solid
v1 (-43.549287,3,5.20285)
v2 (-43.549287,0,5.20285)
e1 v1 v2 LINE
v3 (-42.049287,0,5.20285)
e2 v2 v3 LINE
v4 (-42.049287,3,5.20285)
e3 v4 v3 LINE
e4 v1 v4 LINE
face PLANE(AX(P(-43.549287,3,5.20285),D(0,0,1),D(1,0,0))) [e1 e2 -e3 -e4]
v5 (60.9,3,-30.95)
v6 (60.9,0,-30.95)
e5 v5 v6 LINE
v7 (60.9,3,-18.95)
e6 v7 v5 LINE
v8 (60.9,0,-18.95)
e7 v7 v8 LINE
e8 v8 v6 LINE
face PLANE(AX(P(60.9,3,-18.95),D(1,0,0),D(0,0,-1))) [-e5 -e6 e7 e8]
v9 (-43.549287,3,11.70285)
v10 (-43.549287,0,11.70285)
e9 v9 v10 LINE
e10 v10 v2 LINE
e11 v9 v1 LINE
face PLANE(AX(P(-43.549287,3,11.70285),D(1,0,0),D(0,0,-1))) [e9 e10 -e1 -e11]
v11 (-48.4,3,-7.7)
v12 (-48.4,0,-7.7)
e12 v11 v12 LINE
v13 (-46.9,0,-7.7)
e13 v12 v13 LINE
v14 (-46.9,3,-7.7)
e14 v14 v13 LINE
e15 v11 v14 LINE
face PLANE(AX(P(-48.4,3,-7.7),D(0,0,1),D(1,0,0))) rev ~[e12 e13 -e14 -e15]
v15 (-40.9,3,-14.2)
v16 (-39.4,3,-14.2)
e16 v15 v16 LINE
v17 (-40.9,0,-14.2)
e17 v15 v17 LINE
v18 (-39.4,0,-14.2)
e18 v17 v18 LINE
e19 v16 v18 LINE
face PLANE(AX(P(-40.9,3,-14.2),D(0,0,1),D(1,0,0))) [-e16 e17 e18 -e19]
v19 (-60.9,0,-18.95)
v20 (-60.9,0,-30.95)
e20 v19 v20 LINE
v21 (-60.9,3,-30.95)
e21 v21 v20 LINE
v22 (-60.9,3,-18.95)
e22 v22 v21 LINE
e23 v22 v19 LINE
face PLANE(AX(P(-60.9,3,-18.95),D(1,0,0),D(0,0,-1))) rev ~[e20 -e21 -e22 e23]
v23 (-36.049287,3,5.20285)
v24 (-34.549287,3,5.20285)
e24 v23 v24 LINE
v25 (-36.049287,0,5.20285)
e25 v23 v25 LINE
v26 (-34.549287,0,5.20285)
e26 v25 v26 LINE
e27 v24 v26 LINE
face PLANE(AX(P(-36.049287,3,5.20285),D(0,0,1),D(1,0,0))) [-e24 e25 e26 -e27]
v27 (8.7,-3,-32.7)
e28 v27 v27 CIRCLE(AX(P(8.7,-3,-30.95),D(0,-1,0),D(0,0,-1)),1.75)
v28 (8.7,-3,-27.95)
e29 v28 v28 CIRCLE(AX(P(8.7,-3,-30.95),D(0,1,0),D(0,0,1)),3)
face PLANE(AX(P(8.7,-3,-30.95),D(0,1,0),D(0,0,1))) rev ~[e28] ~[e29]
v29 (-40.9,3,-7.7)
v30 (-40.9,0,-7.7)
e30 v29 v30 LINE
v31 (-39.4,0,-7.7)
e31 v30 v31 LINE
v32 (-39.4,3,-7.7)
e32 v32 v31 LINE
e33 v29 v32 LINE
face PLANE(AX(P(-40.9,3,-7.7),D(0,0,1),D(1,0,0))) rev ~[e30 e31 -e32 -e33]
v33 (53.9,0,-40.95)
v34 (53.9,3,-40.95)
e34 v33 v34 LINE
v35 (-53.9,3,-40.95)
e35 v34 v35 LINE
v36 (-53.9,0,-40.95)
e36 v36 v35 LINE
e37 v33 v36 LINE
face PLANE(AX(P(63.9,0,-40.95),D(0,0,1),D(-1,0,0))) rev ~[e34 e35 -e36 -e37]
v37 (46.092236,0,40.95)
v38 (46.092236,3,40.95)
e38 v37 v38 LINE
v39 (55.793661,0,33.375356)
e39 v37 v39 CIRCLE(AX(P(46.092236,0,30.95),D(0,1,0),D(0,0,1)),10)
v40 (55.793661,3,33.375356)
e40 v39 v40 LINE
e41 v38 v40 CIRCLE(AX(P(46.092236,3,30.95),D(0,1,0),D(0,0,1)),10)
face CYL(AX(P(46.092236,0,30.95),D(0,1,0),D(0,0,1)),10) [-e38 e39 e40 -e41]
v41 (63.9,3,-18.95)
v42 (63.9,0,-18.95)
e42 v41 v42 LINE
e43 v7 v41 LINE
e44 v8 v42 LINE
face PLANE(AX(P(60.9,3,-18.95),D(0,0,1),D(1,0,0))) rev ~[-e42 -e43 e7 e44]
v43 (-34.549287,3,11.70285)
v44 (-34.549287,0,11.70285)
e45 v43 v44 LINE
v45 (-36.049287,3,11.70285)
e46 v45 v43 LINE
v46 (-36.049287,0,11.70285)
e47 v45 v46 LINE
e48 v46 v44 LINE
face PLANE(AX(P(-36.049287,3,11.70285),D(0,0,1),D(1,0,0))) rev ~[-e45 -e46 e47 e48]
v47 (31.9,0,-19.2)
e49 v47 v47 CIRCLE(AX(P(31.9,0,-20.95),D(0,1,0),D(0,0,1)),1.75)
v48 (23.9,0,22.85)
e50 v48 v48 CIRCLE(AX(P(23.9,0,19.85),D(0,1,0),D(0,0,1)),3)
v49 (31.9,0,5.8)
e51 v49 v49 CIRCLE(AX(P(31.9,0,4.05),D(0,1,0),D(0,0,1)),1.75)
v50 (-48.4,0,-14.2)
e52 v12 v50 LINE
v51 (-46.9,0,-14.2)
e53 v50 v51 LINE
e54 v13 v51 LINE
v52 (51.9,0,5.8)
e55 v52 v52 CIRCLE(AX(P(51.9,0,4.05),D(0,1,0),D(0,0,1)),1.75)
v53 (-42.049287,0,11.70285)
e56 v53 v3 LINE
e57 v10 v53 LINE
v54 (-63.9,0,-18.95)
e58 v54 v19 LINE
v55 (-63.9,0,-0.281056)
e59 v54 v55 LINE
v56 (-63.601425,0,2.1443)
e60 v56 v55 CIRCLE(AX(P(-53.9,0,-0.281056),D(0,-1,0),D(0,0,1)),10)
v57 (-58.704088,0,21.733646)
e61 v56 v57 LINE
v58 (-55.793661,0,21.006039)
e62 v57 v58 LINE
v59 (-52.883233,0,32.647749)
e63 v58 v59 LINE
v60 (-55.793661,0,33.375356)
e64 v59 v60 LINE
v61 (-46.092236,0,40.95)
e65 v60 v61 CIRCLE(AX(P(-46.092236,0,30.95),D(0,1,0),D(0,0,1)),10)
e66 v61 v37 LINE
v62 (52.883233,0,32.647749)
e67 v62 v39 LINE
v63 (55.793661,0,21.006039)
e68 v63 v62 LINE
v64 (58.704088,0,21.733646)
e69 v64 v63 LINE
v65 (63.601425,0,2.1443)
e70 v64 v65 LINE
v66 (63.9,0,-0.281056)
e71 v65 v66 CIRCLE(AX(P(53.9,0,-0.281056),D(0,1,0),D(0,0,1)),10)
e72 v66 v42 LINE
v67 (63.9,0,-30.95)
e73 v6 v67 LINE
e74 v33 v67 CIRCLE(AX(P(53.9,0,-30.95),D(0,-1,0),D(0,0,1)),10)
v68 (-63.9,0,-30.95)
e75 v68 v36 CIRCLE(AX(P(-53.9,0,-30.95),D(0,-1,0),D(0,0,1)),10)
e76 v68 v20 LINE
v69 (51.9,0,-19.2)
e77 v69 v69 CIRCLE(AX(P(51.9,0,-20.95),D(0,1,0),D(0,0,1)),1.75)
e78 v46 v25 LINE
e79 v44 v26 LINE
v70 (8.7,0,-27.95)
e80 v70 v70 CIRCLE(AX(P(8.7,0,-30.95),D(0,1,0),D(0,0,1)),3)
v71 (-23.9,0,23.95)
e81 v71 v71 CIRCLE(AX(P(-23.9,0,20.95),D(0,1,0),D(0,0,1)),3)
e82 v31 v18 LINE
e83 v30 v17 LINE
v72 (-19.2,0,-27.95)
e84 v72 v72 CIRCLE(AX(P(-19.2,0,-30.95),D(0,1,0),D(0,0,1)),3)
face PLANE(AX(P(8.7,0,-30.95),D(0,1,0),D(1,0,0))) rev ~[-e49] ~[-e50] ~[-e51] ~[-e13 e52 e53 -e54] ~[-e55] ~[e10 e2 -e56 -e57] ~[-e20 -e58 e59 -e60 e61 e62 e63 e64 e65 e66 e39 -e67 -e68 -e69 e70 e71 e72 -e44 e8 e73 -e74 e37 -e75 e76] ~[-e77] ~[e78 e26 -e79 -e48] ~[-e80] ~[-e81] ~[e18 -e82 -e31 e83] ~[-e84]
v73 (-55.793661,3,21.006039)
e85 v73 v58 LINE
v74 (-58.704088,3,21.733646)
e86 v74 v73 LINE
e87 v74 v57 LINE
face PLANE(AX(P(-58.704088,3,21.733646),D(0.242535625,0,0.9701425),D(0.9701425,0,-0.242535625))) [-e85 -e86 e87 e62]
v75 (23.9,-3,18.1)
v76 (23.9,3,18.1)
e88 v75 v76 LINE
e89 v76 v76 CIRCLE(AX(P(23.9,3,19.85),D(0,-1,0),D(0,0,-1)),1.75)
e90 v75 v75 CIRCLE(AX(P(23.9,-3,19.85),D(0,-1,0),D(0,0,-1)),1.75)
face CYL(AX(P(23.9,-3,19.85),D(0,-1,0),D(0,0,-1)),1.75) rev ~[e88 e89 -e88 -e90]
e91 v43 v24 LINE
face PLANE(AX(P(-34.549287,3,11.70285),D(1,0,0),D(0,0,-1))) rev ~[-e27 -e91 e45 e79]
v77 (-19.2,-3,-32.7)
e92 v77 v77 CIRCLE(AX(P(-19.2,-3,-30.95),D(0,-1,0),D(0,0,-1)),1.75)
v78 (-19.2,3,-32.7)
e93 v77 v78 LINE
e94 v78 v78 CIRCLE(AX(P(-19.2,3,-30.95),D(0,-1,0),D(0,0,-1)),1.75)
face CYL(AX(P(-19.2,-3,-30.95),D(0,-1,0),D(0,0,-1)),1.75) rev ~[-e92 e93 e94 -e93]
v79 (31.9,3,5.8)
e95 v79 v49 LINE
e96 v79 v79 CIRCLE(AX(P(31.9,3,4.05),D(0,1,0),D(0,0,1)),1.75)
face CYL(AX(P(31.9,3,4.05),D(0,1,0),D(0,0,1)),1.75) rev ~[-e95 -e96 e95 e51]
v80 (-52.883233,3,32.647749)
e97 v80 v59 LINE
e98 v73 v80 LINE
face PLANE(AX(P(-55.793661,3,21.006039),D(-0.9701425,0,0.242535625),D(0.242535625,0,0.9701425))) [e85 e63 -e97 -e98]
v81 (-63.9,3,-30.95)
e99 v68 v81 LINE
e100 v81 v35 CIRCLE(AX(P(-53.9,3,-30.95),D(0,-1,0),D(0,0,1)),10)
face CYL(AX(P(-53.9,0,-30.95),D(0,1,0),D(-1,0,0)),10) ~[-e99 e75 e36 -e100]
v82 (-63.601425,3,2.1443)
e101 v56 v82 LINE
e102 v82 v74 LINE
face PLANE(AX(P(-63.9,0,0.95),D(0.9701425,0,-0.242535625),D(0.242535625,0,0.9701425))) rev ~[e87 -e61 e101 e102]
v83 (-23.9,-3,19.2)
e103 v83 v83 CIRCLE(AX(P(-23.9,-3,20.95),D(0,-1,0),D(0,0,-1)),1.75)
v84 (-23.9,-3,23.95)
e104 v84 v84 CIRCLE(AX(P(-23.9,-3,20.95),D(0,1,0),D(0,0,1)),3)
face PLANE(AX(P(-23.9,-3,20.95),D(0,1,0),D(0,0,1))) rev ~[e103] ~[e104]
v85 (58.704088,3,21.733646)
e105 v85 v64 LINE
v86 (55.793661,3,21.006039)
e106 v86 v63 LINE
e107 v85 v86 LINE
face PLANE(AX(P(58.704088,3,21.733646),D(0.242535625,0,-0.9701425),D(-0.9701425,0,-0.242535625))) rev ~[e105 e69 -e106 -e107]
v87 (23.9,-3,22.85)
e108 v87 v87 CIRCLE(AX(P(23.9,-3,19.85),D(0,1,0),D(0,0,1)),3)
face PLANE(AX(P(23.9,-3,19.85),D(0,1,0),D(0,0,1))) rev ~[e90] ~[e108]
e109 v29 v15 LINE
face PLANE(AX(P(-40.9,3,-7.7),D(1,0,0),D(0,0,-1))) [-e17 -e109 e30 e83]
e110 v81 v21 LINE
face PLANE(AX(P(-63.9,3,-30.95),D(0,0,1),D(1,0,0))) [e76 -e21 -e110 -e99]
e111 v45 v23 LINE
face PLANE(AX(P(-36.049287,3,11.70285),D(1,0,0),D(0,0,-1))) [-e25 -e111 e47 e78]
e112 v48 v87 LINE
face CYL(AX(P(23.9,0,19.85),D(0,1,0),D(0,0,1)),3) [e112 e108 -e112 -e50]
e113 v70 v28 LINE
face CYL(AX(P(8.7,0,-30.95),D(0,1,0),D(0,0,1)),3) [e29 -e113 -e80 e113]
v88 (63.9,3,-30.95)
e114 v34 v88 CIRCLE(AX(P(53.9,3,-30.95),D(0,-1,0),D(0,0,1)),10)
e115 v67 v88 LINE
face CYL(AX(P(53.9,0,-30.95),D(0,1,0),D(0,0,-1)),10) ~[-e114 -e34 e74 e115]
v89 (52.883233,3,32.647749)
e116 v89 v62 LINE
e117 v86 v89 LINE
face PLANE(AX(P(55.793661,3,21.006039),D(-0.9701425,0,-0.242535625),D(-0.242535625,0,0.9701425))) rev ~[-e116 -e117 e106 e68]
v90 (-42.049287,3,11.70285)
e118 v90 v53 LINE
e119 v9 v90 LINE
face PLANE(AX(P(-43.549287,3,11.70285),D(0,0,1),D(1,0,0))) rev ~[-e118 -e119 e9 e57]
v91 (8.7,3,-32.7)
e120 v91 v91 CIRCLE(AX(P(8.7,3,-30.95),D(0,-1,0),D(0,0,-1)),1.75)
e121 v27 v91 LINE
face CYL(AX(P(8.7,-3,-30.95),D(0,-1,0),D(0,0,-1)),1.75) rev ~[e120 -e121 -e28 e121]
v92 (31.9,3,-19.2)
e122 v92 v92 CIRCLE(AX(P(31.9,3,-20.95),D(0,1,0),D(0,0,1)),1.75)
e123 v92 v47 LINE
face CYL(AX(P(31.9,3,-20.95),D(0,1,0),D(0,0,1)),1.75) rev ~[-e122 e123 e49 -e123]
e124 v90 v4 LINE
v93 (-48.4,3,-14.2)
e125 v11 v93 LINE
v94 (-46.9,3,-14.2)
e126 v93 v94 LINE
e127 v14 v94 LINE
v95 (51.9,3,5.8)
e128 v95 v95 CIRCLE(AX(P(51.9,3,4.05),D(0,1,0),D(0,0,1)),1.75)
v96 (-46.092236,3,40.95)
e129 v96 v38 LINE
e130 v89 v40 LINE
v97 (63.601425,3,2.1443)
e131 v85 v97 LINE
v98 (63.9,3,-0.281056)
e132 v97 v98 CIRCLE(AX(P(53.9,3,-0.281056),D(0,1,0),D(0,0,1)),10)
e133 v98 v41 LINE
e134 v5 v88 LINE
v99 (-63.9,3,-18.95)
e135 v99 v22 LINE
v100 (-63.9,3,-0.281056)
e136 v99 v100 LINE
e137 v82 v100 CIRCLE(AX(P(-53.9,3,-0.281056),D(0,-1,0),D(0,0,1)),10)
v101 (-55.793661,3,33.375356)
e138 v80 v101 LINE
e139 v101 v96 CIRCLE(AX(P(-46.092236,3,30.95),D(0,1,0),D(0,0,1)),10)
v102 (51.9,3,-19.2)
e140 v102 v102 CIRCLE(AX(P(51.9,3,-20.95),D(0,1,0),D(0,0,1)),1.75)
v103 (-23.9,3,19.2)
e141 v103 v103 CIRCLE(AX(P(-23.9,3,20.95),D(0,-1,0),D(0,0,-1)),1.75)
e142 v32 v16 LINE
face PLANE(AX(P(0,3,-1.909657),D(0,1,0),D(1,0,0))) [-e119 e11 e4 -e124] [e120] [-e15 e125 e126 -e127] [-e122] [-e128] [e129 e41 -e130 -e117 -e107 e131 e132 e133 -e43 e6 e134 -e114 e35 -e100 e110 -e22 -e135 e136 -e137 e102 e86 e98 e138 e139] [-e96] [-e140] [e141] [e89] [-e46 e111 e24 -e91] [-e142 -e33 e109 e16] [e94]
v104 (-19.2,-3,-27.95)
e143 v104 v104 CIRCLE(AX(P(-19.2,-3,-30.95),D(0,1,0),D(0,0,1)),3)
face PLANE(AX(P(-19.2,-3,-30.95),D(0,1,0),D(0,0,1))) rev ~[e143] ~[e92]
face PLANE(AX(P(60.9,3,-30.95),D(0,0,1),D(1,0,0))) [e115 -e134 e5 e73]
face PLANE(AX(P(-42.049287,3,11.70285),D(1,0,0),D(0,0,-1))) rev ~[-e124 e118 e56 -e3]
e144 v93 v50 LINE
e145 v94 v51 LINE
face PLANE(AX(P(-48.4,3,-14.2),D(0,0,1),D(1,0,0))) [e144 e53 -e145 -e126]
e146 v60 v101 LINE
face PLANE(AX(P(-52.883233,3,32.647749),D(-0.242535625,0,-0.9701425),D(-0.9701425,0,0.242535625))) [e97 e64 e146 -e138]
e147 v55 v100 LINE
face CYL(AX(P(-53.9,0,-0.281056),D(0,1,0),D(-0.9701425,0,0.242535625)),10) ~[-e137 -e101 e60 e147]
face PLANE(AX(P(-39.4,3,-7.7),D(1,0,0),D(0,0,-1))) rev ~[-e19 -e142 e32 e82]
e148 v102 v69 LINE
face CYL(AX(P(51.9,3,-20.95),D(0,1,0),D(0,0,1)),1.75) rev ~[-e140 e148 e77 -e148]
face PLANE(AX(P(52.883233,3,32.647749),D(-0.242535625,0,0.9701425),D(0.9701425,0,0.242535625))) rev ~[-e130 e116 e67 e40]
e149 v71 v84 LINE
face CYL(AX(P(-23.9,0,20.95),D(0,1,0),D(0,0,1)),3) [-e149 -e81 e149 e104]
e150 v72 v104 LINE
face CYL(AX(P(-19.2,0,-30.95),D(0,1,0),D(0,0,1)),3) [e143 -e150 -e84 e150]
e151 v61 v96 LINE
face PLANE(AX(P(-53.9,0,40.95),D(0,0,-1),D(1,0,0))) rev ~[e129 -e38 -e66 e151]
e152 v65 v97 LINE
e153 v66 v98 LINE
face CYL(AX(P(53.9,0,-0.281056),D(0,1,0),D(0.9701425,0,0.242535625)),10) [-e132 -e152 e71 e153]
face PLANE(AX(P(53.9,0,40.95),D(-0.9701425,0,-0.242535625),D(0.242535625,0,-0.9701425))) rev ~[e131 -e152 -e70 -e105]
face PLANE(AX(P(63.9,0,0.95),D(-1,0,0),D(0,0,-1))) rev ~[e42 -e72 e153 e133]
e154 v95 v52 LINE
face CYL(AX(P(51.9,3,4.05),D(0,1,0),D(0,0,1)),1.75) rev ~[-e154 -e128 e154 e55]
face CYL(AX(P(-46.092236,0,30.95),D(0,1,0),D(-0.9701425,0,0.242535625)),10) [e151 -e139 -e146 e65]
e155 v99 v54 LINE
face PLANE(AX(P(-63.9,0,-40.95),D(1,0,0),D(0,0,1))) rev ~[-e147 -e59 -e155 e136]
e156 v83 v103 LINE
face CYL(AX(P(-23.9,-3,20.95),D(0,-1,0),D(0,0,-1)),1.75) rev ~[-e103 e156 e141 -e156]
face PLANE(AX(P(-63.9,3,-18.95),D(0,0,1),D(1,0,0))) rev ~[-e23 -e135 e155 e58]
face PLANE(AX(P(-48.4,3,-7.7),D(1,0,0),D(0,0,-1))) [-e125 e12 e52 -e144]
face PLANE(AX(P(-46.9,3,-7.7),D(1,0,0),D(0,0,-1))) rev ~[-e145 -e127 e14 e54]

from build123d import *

# Parameters (mm, degrees)
BOSS_EXTRUDE1_DEPTH = 3
SKETCH1_3_R         = 3
BOSS_EXTRUDE2_DEPTH = 3
SKETCH3_R           = 1.75
CUT_EXTRUDE1_DEPTH  = 77.132204093
FILLET1_R           = 10
SKETCH4_R           = 1.75
CUT_EXTRUDE2_DEPTH  = 77.132204093
SKETCH5_W           = 1.5
SKETCH5_H           = 6.5
CUT_EXTRUDE3_DEPTH  = 77.132204093
LPATTERN1_COUNT     = 2
LPATTERN1_PITCH     = 20
SKETCH6_W           = 3
SKETCH6_H           = 12
CUT_EXTRUDE4_DEPTH  = 77.132204093


with BuildPart() as part:
    # Sketch1 → Boss-Extrude1 (new body)
    with BuildSketch(Plane(origin=(0, 0, 0), x_dir=(1, 0, 0), z_dir=(0, 1, 0))):
        Polygon((-63.9, -0.95), (-53.9, -40.95), (53.9, -40.95), (63.9, -0.95), (63.9, 40.95), (-63.9, 40.95), align=None)
    extrude(amount=BOSS_EXTRUDE1_DEPTH)

    # Sketch1<3> → Boss-Extrude2 (add)
    with BuildSketch(Plane(origin=(0, 0, 0), x_dir=(1, 0, 0), z_dir=(0, 1, 0))):
        with Locations((-19.2, 30.95)):
            Circle(SKETCH1_3_R)
        with Locations((8.7, 30.95)):
            Circle(SKETCH1_3_R)
        with Locations((-23.9, -20.95)):
            Circle(SKETCH1_3_R)
        with Locations((23.9, -19.85)):
            Circle(SKETCH1_3_R)
    extrude(amount=-BOSS_EXTRUDE2_DEPTH)

    # Sketch3 → Cut-Extrude1 (cut, through all)
    with BuildSketch(Plane.XZ.offset(3)):
        with Locations((-23.9, 20.95)):
            Circle(SKETCH3_R)
        with Locations((23.9, 19.85)):
            Circle(SKETCH3_R)
        with Locations((8.7, -30.95)):
            Circle(SKETCH3_R)
        with Locations((-19.2, -30.95)):
            Circle(SKETCH3_R)
    extrude(amount=-CUT_EXTRUDE1_DEPTH, mode=Mode.SUBTRACT)

    # Fillet1
    fillet1_edges = [part.edges().sort_by_distance(p)[0] for p in [
        (-63.9, 1.5, -40.95),
        (63.9, 1.5, -40.95),
        (63.9, 1.5, 0.95),
        (53.9, 1.5, 40.95),
        (-63.9, 1.5, 0.95),
        (-53.9, 1.5, 40.95),
    ]]
    fillet(fillet1_edges, radius=FILLET1_R)

    # Sketch4 → Cut-Extrude2 (cut, through all)
    with BuildSketch(Plane(origin=(0, 3, 0), x_dir=(1, 0, 0), z_dir=(0, 1, 0))):
        with Locations((51.9, 20.95)):
            Circle(SKETCH4_R)
        with Locations((31.9, 20.95)):
            Circle(SKETCH4_R)
        with Locations((51.9, -4.05)):
            Circle(SKETCH4_R)
        with Locations((31.9, -4.05)):
            Circle(SKETCH4_R)
    extrude(amount=-CUT_EXTRUDE2_DEPTH, mode=Mode.SUBTRACT)

    # Sketch5 → Cut-Extrude3 (cut, through all)
    with BuildSketch(Plane(origin=(0, 3, 0), x_dir=(1, 0, 0), z_dir=(0, 1, 0))):
        with Locations((-47.65, 10.95)):
            Rectangle(SKETCH5_W, SKETCH5_H)
        with Locations((-40.15, 10.95)):
            Rectangle(SKETCH5_W, SKETCH5_H)
    cut_extrude3 = extrude(amount=-CUT_EXTRUDE3_DEPTH, mode=Mode.SUBTRACT)

    # LPattern1: Cut-Extrude3 ×2
    with Locations(*[Vector(0.24253562503633305, 0, 0.9701425001453319) * (i * LPATTERN1_PITCH) for i in range(1, LPATTERN1_COUNT)]):
        add(cut_extrude3, mode=Mode.SUBTRACT)

    # Sketch6 → Cut-Extrude4 (cut, through all)
    with BuildSketch(Plane(origin=(0, 3, 0), x_dir=(1, 0, 0), z_dir=(0, 1, 0))):
        Polygon((58.704088438, -21.733646249), (55.793660937, -21.006039374), (52.883233437, -32.647749375), (55.793660937, -33.37535625), align=None)
        with Locations((-62.4, 24.95)):
            Rectangle(SKETCH6_W, SKETCH6_H)
        Polygon((-58.704088438, -21.733646249), (-55.793660937, -21.006039374), (-52.883233437, -32.647749375), (-55.793660937, -33.37535625), align=None)
        with Locations((62.4, 24.95)):
            Rectangle(SKETCH6_W, SKETCH6_H)
    extrude(amount=-CUT_EXTRUDE4_DEPTH, mode=Mode.SUBTRACT)


solid = part.part
